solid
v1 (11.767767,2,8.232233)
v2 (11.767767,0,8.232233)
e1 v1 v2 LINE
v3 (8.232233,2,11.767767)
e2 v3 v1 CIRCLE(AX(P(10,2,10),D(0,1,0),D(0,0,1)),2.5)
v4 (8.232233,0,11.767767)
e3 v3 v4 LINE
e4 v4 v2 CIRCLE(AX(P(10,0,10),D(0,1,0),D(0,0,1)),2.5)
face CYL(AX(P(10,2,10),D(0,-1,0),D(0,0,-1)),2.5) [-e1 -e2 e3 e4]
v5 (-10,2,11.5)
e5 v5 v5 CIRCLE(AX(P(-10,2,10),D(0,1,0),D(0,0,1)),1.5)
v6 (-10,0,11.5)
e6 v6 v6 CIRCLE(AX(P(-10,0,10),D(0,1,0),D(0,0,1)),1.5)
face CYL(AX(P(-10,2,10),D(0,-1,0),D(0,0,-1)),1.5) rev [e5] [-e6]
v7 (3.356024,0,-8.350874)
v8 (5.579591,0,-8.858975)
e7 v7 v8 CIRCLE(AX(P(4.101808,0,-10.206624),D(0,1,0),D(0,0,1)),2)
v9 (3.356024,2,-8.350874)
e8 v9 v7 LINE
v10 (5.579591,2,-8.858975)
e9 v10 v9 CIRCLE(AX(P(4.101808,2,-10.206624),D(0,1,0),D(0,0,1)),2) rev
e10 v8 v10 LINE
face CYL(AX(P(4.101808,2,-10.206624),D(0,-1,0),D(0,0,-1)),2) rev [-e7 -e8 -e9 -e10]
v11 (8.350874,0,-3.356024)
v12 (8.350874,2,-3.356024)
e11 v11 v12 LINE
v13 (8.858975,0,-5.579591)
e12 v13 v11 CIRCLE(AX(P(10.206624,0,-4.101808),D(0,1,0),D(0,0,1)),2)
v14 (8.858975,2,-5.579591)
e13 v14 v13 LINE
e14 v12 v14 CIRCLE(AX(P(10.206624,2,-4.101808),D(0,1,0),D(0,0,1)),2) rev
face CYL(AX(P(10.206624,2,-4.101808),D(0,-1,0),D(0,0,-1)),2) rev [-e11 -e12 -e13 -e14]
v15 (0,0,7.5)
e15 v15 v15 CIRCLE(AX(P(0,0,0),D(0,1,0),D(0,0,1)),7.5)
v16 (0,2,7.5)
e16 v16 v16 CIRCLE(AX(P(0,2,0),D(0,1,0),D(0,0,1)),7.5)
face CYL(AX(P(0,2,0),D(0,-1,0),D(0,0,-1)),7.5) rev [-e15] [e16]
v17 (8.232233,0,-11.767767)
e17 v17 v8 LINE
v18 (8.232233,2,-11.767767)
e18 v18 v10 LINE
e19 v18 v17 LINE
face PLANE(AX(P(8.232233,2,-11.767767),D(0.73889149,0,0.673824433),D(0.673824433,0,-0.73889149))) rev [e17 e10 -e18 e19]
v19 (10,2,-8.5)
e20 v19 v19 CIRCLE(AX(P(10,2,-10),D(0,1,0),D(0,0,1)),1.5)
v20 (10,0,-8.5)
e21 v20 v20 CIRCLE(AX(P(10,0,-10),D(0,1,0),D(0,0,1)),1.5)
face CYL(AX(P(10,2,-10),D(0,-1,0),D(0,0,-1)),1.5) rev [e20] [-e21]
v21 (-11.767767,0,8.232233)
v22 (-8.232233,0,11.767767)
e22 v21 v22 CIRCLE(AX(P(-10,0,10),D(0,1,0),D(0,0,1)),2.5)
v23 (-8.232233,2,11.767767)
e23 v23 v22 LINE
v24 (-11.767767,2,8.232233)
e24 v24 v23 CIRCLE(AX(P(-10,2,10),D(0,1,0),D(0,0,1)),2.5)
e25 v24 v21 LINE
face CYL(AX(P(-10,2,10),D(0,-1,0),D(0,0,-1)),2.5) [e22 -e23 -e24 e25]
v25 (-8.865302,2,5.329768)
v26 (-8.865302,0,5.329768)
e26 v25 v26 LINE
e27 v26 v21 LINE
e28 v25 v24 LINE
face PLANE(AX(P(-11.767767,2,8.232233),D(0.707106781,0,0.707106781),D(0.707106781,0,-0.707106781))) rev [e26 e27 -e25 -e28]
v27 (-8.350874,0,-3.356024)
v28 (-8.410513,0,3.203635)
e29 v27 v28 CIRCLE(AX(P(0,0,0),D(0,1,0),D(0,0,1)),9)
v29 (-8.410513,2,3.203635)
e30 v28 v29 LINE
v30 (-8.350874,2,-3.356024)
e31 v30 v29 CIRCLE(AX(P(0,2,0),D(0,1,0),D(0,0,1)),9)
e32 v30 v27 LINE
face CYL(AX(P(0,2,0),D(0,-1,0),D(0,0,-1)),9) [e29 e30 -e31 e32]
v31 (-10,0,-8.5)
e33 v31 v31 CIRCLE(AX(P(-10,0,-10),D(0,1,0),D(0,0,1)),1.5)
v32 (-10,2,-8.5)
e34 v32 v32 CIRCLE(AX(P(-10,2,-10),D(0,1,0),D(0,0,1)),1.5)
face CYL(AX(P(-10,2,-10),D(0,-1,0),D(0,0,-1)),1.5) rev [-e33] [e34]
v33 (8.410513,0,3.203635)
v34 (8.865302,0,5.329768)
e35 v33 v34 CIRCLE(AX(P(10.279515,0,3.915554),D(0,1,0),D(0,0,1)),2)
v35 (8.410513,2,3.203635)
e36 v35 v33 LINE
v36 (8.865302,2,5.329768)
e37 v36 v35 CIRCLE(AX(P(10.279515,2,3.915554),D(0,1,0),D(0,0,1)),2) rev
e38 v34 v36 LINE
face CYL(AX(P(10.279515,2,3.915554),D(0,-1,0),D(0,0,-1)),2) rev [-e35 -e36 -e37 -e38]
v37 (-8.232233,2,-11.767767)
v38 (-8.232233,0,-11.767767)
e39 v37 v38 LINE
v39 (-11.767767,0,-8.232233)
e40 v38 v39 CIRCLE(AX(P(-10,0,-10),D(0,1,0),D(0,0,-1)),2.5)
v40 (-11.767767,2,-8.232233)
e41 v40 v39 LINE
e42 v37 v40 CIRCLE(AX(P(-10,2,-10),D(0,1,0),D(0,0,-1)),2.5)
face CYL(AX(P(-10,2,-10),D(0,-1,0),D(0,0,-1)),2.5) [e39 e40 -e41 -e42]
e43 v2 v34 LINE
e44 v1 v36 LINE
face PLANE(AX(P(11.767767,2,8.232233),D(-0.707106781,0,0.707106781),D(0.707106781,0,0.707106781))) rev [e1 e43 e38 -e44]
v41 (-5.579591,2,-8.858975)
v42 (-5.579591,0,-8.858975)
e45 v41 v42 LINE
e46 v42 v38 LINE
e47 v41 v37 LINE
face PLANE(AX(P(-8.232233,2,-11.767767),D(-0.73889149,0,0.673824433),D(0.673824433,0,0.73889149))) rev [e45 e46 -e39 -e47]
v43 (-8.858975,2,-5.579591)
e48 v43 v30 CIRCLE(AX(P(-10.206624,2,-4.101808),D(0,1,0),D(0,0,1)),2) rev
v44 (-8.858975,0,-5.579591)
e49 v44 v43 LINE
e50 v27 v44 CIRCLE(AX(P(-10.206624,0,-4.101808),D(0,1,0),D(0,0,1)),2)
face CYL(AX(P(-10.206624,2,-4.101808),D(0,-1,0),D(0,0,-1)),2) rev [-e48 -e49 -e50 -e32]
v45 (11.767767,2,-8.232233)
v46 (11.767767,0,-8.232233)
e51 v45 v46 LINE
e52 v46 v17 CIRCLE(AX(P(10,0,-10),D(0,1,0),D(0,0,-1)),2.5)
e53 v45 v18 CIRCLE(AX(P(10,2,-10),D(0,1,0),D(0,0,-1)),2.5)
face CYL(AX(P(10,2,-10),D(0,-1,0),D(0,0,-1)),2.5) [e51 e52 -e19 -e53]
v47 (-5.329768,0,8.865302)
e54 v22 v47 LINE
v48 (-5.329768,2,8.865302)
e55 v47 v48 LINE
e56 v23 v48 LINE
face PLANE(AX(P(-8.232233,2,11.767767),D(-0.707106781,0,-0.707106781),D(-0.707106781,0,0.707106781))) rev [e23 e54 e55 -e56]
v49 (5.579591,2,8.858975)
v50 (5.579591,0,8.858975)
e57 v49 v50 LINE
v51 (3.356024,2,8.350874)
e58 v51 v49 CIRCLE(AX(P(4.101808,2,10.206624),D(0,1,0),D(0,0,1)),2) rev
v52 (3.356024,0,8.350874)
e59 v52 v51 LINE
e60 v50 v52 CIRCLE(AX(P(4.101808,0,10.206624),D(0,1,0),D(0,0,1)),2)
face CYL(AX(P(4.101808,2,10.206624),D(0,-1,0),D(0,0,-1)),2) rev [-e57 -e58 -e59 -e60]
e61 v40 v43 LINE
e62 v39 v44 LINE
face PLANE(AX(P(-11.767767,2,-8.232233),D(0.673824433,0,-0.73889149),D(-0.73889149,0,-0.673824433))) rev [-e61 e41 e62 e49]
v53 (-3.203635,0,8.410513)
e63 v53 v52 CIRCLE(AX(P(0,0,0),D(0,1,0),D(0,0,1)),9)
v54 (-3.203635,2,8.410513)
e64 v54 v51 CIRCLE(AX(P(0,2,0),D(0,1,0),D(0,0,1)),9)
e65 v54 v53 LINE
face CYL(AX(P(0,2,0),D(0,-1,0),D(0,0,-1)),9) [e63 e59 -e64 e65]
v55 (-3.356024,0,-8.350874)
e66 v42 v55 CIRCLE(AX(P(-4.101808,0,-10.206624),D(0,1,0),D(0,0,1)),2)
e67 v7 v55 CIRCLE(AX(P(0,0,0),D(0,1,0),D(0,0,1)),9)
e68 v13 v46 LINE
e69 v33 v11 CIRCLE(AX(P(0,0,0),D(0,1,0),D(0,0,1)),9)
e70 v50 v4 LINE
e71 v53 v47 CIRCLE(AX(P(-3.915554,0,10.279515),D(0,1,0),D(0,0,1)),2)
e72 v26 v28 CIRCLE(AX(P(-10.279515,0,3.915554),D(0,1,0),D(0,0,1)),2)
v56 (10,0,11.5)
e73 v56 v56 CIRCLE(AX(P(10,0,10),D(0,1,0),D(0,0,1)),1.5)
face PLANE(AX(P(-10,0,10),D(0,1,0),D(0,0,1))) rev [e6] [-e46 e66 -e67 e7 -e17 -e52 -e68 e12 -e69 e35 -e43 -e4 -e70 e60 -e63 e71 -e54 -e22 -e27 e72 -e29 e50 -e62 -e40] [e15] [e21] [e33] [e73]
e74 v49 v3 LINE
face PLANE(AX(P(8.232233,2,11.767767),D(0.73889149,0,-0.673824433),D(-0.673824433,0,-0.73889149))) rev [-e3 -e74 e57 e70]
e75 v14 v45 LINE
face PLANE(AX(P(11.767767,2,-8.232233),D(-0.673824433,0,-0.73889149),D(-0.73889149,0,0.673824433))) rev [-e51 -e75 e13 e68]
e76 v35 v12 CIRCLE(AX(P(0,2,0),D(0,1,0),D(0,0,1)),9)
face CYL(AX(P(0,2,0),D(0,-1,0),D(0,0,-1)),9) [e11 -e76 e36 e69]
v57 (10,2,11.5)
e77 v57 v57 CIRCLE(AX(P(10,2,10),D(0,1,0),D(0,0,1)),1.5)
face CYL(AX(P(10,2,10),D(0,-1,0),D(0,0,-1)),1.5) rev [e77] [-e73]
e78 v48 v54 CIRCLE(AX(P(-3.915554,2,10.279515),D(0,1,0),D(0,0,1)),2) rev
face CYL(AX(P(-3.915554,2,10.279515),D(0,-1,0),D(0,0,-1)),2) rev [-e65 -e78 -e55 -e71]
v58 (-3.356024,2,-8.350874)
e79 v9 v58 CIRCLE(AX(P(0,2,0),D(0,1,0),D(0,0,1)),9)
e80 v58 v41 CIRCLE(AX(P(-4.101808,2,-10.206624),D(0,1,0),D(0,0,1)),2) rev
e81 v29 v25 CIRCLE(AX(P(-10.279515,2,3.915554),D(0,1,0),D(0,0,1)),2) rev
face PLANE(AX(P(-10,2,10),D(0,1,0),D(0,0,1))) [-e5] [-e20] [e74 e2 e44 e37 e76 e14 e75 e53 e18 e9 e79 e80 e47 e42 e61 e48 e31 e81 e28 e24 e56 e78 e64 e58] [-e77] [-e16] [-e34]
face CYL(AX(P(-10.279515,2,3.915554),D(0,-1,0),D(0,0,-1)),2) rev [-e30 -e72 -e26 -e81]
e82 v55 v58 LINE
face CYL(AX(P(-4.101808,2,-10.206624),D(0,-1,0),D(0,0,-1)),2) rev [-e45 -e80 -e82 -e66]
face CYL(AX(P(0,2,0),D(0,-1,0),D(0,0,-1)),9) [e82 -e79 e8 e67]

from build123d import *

# Parameters (mm, degrees)
SKETCH1_R           = 7.5
SKETCH1_R_2         = 1.5
BOSS_EXTRUDE1_DEPTH = 2
FILLET1_R           = 2


with BuildPart() as part:
    # Sketch1 → Boss-Extrude1 (new body)
    with BuildSketch(Plane(origin=(0, 0, 0), x_dir=(1, 0, 0), z_dir=(0, 1, 0))):
        with BuildLine():
            Line((-11.767766953, -8.232233047), (-7.881276583, -4.345742677))
            ThreePointArc((-7.881276583, -4.345742677), (-8.999066908, 0.129594703), (-7.75286903, 4.570888514))
            Line((-7.75286903, 4.570888514), (-11.767766953, 8.232233047))
            ThreePointArc((-11.767766953, 8.232233047), (-11.767766953, 11.767766953), (-8.232233047, 11.767766953))
            Line((-8.232233047, 11.767766953), (-4.570888514, 7.75286903))
            ThreePointArc((-4.570888514, 7.75286903), (0, 9), (4.570888514, 7.75286903))
            Line((4.570888514, 7.75286903), (8.232233047, 11.767766953))
            ThreePointArc((8.232233047, 11.767766953), (11.767766953, 11.767766953), (11.767766953, 8.232233047))
            Line((11.767766953, 8.232233047), (7.75286903, 4.570888514))
            ThreePointArc((7.75286903, 4.570888514), (8.999066908, 0.129594703), (7.881276583, -4.345742677))
            Line((7.881276583, -4.345742677), (11.767766953, -8.232233047))
            ThreePointArc((11.767766953, -8.232233047), (11.767766953, -11.767766953), (8.232233047, -11.767766953))
            Line((8.232233047, -11.767766953), (4.570888514, -7.75286903))
            ThreePointArc((4.570888514, -7.75286903), (0.129594703, -8.999066908), (-4.345742677, -7.881276583))
            Line((-4.345742677, -7.881276583), (-8.232233047, -11.767766953))
            ThreePointArc((-8.232233047, -11.767766953), (-11.767766953, -11.767766953), (-11.767766953, -8.232233047))
        make_face()
        Circle(SKETCH1_R, mode=Mode.SUBTRACT)
        with Locations((-10, -10)):
            Circle(SKETCH1_R_2, mode=Mode.SUBTRACT)
        with Locations((10, -10)):
            Circle(SKETCH1_R_2, mode=Mode.SUBTRACT)
        with Locations((10, 10)):
            Circle(SKETCH1_R_2, mode=Mode.SUBTRACT)
        with Locations((-10, 10)):
            Circle(SKETCH1_R_2, mode=Mode.SUBTRACT)
    extrude(amount=BOSS_EXTRUDE1_DEPTH)

    # Fillet1
    fillet1_edges = [part.edges().sort_by_distance(p)[0] for p in [
        (-7.881276583, 1, 4.345742677),
        (-7.75286903, 1, -4.570888514),
        (-4.570888514, 1, -7.75286903),
        (4.570888514, 1, -7.75286903),
        (7.75286903, 1, -4.570888514),
        (7.881276583, 1, 4.345742677),
        (4.570888514, 1, 7.75286903),
        (-4.345742677, 1, 7.881276583),
    ]]
    fillet(fillet1_edges, radius=FILLET1_R)


solid = part.part
